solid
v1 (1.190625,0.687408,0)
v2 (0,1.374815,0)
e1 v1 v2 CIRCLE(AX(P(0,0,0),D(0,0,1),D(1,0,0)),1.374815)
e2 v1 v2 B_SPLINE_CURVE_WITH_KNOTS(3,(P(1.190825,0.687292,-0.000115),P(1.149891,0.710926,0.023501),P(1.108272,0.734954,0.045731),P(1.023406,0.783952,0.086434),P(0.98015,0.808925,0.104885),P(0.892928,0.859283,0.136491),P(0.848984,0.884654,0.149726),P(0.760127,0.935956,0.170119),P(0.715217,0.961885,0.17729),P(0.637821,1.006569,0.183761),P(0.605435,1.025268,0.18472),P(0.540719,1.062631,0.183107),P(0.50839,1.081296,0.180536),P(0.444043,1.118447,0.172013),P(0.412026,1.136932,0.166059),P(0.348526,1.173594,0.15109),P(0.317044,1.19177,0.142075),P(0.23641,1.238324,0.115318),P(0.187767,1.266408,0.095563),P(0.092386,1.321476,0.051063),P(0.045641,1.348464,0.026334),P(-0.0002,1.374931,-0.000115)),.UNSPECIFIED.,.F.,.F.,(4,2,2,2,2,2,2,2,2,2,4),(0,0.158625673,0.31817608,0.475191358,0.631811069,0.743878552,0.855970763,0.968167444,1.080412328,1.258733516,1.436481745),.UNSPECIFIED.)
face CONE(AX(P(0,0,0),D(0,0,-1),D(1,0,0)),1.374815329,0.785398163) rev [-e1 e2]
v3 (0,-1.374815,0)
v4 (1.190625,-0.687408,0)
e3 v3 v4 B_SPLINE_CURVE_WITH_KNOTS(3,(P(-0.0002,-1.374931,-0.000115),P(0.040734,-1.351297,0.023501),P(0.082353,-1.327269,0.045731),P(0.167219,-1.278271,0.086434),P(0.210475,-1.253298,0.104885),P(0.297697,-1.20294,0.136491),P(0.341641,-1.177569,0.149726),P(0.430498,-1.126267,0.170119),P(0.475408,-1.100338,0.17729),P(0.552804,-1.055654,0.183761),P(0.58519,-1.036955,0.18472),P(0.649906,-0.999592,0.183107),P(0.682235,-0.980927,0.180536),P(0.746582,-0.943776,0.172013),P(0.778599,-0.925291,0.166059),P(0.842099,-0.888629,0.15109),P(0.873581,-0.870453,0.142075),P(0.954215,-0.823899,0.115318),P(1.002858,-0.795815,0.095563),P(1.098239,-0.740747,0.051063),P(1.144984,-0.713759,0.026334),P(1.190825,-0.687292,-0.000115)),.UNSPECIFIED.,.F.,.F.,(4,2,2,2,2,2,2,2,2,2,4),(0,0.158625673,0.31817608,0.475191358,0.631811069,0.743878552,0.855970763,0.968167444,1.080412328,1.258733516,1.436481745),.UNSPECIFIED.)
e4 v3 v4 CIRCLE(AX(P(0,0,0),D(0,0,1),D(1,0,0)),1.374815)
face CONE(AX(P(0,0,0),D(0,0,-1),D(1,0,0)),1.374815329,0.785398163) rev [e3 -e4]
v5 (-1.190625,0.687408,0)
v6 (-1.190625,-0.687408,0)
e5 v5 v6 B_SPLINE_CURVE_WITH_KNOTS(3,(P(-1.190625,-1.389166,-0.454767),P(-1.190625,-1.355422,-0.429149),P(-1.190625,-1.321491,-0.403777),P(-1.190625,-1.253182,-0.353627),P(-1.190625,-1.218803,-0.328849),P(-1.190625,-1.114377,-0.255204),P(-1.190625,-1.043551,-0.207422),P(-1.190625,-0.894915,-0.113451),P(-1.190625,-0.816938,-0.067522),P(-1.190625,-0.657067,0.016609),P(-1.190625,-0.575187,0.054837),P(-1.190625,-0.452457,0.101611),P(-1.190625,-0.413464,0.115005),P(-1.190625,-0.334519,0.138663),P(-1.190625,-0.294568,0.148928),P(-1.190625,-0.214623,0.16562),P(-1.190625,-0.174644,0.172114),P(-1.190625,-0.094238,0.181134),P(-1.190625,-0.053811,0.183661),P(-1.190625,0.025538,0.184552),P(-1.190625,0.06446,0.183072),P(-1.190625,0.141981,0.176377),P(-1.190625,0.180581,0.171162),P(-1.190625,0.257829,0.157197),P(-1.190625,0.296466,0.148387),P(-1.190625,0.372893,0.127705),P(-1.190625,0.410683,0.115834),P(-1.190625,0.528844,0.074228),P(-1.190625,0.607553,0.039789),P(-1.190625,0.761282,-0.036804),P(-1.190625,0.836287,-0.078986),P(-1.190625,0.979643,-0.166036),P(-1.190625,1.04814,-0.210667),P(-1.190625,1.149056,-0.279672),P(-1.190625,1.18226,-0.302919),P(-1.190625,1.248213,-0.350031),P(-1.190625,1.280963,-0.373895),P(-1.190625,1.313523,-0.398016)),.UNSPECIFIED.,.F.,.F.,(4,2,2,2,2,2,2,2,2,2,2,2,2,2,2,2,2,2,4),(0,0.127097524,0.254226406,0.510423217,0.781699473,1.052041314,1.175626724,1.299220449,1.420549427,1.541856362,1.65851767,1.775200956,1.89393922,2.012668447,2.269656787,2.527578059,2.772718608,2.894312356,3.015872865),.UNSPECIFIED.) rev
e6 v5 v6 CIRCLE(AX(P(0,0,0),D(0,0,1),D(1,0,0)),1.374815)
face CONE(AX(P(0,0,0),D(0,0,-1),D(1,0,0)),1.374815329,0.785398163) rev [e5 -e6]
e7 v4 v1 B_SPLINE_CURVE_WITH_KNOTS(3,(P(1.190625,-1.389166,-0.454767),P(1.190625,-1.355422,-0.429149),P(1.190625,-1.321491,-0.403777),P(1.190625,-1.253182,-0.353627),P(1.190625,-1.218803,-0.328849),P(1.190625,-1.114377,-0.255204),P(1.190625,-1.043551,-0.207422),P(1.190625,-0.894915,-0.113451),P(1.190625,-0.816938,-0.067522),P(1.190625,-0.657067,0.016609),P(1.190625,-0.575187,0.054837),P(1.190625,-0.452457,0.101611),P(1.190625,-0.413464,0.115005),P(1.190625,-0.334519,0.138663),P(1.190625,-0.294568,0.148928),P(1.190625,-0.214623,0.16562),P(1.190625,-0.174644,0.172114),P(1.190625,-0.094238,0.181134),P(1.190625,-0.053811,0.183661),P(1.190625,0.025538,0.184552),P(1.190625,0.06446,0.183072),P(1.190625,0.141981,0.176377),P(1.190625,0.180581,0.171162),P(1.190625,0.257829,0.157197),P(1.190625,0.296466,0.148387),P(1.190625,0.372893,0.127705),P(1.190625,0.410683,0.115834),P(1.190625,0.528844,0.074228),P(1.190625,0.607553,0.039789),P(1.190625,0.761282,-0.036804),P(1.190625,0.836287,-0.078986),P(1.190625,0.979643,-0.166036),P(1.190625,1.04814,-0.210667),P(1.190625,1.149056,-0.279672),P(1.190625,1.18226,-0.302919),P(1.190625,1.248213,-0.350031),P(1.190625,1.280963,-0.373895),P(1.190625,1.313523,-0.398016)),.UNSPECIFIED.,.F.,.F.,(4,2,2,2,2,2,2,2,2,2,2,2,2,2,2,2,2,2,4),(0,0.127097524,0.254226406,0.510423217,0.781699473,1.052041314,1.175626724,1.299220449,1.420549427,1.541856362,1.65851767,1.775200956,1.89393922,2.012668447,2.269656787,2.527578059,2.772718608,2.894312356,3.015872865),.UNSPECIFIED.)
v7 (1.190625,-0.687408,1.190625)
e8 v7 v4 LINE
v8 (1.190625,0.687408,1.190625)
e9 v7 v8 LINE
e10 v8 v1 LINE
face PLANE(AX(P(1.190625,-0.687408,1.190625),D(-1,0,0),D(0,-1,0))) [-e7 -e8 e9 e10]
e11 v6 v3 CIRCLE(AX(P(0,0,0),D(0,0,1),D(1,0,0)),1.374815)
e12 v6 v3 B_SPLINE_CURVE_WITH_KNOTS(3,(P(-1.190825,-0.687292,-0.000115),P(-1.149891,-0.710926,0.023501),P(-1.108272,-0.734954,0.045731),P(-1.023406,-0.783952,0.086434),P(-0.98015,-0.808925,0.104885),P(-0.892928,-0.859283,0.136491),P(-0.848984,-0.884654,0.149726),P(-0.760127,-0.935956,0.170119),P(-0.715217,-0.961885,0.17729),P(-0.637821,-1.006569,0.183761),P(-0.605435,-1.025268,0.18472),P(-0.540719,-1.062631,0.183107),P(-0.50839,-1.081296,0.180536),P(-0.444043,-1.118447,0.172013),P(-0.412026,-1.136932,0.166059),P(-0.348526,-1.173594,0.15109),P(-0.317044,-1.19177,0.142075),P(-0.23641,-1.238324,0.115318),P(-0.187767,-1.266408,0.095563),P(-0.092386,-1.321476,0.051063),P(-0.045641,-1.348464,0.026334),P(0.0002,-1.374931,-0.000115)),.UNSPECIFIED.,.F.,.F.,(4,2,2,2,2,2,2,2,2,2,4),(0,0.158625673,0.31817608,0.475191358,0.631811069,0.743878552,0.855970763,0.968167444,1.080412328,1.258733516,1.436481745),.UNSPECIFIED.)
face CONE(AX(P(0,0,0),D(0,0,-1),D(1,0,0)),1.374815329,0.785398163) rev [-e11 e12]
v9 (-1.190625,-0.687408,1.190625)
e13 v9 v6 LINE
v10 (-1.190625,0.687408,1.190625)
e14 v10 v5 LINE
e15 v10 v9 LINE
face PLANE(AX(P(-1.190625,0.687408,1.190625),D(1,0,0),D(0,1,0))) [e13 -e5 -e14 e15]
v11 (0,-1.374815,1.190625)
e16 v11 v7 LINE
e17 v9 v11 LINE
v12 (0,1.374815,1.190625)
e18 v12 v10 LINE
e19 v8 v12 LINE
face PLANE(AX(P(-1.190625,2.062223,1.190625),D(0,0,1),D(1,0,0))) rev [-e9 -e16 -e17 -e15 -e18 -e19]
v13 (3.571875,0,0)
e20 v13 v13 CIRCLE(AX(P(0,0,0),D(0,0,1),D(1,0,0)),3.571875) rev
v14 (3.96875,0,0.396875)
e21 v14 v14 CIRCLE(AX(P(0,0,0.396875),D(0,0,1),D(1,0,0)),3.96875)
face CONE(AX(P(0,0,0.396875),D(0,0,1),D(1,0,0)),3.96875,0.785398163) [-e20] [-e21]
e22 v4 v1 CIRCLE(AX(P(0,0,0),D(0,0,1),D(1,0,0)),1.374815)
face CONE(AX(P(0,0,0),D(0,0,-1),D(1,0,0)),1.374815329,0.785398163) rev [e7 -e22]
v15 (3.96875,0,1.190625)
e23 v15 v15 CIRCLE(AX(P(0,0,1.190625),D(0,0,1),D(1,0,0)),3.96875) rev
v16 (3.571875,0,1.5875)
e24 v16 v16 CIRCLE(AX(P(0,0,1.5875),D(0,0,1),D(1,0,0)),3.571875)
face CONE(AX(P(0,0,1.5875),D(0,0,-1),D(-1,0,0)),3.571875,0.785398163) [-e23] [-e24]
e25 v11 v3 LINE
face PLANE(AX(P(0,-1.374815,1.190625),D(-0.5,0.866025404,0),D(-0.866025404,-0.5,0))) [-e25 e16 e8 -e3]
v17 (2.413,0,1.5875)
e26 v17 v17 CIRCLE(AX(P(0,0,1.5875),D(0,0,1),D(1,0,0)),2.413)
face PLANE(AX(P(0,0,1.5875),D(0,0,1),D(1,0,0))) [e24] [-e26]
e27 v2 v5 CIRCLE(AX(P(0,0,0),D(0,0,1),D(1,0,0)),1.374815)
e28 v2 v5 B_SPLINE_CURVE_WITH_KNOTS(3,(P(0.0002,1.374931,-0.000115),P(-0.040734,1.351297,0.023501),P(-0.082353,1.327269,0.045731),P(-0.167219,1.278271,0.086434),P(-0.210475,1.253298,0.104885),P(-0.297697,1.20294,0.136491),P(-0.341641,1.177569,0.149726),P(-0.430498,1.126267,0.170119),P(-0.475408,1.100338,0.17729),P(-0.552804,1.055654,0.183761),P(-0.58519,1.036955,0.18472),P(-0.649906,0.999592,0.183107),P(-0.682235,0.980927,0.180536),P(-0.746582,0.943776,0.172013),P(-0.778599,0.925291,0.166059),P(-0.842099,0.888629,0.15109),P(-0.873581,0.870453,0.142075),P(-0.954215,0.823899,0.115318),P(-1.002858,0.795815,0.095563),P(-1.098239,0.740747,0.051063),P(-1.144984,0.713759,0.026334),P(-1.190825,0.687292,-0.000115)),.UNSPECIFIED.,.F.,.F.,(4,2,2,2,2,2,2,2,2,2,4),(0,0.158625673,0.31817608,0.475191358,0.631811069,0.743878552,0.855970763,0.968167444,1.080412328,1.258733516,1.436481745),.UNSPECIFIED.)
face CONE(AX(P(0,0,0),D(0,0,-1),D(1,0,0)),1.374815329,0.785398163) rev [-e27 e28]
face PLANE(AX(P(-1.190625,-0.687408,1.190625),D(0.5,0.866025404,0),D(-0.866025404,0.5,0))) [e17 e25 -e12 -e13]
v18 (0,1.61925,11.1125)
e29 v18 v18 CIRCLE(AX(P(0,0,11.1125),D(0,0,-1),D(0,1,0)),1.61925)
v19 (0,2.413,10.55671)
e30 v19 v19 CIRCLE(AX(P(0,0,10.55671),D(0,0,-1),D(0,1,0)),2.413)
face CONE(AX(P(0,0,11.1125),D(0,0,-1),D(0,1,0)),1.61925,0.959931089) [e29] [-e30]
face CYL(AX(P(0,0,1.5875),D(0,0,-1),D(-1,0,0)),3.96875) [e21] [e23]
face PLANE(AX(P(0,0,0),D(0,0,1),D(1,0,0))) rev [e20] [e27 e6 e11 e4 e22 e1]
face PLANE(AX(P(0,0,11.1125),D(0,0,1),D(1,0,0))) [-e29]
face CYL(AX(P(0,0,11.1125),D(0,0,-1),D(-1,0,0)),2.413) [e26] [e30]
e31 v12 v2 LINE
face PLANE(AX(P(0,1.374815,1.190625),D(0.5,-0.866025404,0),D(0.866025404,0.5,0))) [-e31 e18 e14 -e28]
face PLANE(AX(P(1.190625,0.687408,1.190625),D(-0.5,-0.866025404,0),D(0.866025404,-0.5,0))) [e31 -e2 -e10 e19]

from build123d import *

# Parameters (mm, degrees)
SKETCH1_R          = 2.413
EXTRUDE1_DEPTH     = 11.1125
SKETCH6_R          = 3.96875
EXTRUDE2_DEPTH     = 1.5875
CUT_EXTRUDE1_DEPTH = 1.190625
SKETCH8_R          = 1.374815329
CUT_EXTRUDE2_DEPTH = 1.190625
CUT_EXTRUDE2_TAPER = 45
CHAMFER1_SIZE      = 0.396875


with BuildPart() as part:
    # Sketch1 → Extrude1 (new body)
    with BuildSketch(Plane.XY):
        Circle(SKETCH1_R)
    extrude(amount=EXTRUDE1_DEPTH)

    # Sketch4 → Cut-Revolve1 (revolve, cut)
    with BuildSketch(Plane(origin=(0, 0, 0), x_dir=(0, 0, -1), z_dir=(1, 0, 0))):
        Polygon((-10.556710267, 2.413), (-11.1125, 1.61925), (-11.1125, 2.413), align=None)
    revolve(axis=Axis((0, 0, 0), (0, 0, 1)), mode=Mode.SUBTRACT)

    # Sketch6 → Extrude2 (add)
    with BuildSketch(Plane.XY):
        Circle(SKETCH6_R)
    extrude(amount=EXTRUDE2_DEPTH)

    # Sketch7 → Cut-Extrude1 (cut)
    with BuildSketch(Plane.XY):
        Polygon((0, 1.374815329), (-1.190625, 0.687407664), (-1.190625, -0.687407664), (0, -1.374815329), (1.190625, -0.687407664), (1.190625, 0.687407664), align=None)
    extrude(amount=CUT_EXTRUDE1_DEPTH, mode=Mode.SUBTRACT)

    # Sketch8 → Cut-Extrude2 (cut)
    with BuildSketch(Plane.XY):
        Circle(SKETCH8_R)
    extrude(amount=CUT_EXTRUDE2_DEPTH, taper=CUT_EXTRUDE2_TAPER, mode=Mode.SUBTRACT)

    # Chamfer1
    chamfer1_edges = [part.edges().sort_by_distance(p)[0] for p in [
        (-3.96875, 0, 1.5875),
        (-3.96875, 0, 0),
    ]]
    chamfer(chamfer1_edges, length=CHAMFER1_SIZE)


solid = part.part
